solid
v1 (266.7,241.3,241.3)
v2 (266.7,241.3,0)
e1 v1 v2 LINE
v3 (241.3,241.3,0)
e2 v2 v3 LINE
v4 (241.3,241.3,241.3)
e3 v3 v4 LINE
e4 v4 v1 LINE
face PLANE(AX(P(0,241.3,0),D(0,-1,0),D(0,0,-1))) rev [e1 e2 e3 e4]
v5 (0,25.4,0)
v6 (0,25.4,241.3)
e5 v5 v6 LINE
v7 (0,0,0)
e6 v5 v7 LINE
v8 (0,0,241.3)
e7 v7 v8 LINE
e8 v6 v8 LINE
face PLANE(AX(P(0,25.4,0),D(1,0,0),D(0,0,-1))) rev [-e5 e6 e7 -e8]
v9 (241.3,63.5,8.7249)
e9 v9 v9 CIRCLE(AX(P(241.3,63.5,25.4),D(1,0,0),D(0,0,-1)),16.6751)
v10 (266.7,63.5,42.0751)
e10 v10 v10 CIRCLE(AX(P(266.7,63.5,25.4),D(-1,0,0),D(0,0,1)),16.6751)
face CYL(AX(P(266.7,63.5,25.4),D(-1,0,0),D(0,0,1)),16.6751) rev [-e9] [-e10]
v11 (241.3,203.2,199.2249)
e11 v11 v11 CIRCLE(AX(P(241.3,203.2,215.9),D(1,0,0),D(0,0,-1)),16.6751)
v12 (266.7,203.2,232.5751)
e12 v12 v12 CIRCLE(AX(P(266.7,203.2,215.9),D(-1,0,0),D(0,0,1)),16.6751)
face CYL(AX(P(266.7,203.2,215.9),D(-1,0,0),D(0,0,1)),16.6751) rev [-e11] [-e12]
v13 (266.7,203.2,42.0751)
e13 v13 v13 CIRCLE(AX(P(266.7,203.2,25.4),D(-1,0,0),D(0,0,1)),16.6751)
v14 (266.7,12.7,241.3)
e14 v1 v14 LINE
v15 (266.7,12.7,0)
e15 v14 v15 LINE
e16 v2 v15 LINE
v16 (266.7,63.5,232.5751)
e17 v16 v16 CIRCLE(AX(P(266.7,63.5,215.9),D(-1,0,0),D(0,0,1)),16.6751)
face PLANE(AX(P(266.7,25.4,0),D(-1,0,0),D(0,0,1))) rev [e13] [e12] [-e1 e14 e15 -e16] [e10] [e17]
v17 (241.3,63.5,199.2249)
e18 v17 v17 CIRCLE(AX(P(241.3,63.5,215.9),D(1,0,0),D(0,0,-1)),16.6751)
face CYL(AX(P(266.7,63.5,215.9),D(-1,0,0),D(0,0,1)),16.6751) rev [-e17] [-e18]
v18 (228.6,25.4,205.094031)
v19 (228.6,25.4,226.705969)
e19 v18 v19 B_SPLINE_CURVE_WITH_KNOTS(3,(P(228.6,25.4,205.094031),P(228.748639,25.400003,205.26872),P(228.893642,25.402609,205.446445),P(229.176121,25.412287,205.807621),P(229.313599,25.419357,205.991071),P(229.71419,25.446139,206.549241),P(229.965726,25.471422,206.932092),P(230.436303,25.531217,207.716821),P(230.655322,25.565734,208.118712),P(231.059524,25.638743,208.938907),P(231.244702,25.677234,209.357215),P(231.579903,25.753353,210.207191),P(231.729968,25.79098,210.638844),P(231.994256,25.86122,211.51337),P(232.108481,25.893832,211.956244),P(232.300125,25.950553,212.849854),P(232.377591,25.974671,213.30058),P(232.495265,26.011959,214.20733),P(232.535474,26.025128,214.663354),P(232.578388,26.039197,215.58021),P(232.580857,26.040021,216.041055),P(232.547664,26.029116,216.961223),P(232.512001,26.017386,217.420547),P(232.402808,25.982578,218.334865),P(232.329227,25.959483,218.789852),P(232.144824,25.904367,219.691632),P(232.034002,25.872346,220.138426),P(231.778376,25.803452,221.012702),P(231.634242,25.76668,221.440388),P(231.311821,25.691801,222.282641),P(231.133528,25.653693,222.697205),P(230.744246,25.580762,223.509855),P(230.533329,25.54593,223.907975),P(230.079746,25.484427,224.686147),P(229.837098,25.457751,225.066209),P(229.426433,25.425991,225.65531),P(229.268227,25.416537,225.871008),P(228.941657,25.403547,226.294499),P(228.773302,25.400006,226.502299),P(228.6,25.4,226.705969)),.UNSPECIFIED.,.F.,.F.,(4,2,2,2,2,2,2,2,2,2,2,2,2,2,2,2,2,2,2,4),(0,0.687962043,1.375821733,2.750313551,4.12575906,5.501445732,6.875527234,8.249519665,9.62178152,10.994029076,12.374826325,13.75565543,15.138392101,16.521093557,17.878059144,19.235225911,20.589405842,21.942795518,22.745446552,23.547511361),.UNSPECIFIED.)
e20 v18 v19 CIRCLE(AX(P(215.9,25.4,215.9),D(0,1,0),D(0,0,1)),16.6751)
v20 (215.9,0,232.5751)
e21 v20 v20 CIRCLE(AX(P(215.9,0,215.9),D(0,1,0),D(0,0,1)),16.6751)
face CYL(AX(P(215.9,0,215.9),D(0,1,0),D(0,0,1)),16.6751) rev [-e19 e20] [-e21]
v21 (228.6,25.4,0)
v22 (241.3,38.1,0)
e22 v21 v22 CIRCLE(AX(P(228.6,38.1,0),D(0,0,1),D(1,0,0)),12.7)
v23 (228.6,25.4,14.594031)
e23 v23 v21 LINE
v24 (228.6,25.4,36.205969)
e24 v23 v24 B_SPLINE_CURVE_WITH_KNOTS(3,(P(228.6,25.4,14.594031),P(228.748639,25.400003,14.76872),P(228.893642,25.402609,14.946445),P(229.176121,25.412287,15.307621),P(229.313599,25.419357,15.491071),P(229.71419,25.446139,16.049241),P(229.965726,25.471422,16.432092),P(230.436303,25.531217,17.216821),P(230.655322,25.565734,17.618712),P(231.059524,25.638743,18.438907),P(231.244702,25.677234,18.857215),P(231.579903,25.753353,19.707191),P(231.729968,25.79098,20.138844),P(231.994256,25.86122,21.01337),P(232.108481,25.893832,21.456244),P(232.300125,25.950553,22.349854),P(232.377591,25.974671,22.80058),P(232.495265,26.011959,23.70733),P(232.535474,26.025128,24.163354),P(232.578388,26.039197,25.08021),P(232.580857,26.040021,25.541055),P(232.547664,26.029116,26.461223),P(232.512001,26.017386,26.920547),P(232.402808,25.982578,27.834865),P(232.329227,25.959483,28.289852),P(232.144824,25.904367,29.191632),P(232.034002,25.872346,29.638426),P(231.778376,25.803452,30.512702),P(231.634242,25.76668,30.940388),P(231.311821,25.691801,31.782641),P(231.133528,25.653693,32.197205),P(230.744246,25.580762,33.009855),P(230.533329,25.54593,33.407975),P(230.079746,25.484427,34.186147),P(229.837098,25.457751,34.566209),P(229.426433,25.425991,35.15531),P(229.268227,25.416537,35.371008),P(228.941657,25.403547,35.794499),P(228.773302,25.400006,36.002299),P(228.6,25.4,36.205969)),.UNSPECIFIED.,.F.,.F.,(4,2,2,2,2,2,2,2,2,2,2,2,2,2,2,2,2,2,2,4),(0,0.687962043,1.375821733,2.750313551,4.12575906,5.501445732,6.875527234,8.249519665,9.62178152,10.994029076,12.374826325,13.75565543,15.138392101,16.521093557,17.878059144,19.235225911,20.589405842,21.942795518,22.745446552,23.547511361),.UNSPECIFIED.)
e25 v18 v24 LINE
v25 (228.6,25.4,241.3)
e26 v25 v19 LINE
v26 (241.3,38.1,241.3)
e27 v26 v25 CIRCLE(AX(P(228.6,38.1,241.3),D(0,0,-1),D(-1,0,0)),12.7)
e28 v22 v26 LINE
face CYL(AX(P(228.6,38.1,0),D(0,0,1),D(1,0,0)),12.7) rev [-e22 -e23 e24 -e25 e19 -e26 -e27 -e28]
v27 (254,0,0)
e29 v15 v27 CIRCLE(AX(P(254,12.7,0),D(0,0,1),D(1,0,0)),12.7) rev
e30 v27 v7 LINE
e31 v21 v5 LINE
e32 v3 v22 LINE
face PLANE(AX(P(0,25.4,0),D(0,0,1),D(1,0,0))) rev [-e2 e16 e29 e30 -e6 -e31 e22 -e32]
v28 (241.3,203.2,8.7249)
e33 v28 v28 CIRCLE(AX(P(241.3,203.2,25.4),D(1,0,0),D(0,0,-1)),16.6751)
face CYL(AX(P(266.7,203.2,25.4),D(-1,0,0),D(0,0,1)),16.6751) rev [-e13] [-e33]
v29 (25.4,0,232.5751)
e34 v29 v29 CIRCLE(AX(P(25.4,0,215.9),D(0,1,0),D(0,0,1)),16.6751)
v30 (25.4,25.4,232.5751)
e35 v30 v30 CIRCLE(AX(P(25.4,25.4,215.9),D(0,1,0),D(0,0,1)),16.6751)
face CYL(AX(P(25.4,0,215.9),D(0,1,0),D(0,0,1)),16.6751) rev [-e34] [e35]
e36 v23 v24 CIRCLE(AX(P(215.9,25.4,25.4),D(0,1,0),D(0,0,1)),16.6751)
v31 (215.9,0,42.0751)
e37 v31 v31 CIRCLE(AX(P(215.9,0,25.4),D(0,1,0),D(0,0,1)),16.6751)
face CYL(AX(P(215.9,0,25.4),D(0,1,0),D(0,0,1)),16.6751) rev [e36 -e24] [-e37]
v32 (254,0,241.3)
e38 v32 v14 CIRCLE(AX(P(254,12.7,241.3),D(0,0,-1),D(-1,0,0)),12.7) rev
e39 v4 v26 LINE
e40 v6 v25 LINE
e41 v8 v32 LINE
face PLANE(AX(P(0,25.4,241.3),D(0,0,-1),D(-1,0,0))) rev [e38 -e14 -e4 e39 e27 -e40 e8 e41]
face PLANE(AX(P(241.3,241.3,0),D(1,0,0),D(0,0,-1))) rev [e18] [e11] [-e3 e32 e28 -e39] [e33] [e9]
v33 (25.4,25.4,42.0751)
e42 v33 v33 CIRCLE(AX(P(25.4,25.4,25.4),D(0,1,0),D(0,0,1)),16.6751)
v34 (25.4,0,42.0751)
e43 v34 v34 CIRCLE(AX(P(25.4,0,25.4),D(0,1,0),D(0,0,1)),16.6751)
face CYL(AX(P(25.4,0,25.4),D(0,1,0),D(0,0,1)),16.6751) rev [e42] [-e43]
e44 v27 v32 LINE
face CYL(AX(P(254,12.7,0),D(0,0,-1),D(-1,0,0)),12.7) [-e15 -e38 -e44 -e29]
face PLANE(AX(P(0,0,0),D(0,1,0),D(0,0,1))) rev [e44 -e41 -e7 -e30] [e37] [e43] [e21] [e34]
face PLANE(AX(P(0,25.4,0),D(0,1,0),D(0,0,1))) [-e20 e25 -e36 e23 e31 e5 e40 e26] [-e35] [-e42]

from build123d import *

# Parameters (mm, degrees)
SKETCH1_W               = 266.7
SKETCH1_H               = 241.3
BOSS_EXTRUDE1_DEPTH     = 25.4
SKETCH2_W               = 25.4
SKETCH2_H               = 241.3
BOSS_EXTRUDE2_DEPTH     = 215.9
FILLET1_R               = 12.7
CUT_EXTRUDE1_DEPTH      = 420.484671949
CUT_EXTRUDE1_DEPTH_BACK = 420.484671949
SKETCH4_R               = 16.6751
CUT_EXTRUDE2_DEPTH      = 418.943859924
CUT_EXTRUDE2_DEPTH_BACK = 418.943859924
SKETCH5_R               = 16.6751


with BuildPart() as part:
    # Sketch1 → Boss-Extrude1 (new body)
    with BuildSketch(Plane(origin=(0, 0, 0), x_dir=(1, 0, 0), z_dir=(0, 1, 0))):
        with Locations((133.35, -120.65)):
            Rectangle(SKETCH1_W, SKETCH1_H)
    extrude(amount=BOSS_EXTRUDE1_DEPTH)

    # Sketch2 → Boss-Extrude2 (add)
    with BuildSketch(Plane(origin=(0, 25.4, 0), x_dir=(1, 0, 0), z_dir=(0, 1, 0))):
        with Locations((254, -120.65)):
            Rectangle(SKETCH2_W, SKETCH2_H)
    extrude(amount=BOSS_EXTRUDE2_DEPTH)

    # Fillet1
    fillet1_edges = [part.edges().sort_by_distance(p)[0] for p in [
        (241.3, 25.4, 120.65),
        (266.7, 0, 120.65),
    ]]
    fillet(fillet1_edges, radius=FILLET1_R)

    # Sketch4 → Cut-Extrude1 (cut, two sides: drawn at the far end of the back side and taken through both)
    with BuildSketch(Plane(origin=(0, 25.4, 0), x_dir=(1, 0, 0), z_dir=(0, 1, 0)).offset(-CUT_EXTRUDE1_DEPTH_BACK)):
        with Locations(Location((25.4, -215.9, 0), (0, 0, 270))):
            Circle(SKETCH4_R)
        with Locations(Location((215.9, -215.9, 0), (0, 0, 270))):
            Circle(SKETCH4_R)
        with Locations(Location((25.4, -25.4, 0), (0, 0, 270))):
            Circle(SKETCH4_R)
        with Locations(Location((215.9, -25.4, 0), (0, 0, 270))):
            Circle(SKETCH4_R)
    extrude(amount=CUT_EXTRUDE1_DEPTH + CUT_EXTRUDE1_DEPTH_BACK, mode=Mode.SUBTRACT)

    # Sketch5 → Cut-Extrude2 (cut, two sides: drawn at the far end of the back side and taken through both)
    with BuildSketch(Plane.ZY.offset(-241.3).offset(-CUT_EXTRUDE2_DEPTH_BACK)):
        with Locations((25.4, 63.5)):
            Circle(SKETCH5_R)
        with Locations((25.4, 203.2)):
            Circle(SKETCH5_R)
        with Locations((215.9, 63.5)):
            Circle(SKETCH5_R)
        with Locations((215.9, 203.2)):
            Circle(SKETCH5_R)
    extrude(amount=CUT_EXTRUDE2_DEPTH + CUT_EXTRUDE2_DEPTH_BACK, mode=Mode.SUBTRACT)


solid = part.part
